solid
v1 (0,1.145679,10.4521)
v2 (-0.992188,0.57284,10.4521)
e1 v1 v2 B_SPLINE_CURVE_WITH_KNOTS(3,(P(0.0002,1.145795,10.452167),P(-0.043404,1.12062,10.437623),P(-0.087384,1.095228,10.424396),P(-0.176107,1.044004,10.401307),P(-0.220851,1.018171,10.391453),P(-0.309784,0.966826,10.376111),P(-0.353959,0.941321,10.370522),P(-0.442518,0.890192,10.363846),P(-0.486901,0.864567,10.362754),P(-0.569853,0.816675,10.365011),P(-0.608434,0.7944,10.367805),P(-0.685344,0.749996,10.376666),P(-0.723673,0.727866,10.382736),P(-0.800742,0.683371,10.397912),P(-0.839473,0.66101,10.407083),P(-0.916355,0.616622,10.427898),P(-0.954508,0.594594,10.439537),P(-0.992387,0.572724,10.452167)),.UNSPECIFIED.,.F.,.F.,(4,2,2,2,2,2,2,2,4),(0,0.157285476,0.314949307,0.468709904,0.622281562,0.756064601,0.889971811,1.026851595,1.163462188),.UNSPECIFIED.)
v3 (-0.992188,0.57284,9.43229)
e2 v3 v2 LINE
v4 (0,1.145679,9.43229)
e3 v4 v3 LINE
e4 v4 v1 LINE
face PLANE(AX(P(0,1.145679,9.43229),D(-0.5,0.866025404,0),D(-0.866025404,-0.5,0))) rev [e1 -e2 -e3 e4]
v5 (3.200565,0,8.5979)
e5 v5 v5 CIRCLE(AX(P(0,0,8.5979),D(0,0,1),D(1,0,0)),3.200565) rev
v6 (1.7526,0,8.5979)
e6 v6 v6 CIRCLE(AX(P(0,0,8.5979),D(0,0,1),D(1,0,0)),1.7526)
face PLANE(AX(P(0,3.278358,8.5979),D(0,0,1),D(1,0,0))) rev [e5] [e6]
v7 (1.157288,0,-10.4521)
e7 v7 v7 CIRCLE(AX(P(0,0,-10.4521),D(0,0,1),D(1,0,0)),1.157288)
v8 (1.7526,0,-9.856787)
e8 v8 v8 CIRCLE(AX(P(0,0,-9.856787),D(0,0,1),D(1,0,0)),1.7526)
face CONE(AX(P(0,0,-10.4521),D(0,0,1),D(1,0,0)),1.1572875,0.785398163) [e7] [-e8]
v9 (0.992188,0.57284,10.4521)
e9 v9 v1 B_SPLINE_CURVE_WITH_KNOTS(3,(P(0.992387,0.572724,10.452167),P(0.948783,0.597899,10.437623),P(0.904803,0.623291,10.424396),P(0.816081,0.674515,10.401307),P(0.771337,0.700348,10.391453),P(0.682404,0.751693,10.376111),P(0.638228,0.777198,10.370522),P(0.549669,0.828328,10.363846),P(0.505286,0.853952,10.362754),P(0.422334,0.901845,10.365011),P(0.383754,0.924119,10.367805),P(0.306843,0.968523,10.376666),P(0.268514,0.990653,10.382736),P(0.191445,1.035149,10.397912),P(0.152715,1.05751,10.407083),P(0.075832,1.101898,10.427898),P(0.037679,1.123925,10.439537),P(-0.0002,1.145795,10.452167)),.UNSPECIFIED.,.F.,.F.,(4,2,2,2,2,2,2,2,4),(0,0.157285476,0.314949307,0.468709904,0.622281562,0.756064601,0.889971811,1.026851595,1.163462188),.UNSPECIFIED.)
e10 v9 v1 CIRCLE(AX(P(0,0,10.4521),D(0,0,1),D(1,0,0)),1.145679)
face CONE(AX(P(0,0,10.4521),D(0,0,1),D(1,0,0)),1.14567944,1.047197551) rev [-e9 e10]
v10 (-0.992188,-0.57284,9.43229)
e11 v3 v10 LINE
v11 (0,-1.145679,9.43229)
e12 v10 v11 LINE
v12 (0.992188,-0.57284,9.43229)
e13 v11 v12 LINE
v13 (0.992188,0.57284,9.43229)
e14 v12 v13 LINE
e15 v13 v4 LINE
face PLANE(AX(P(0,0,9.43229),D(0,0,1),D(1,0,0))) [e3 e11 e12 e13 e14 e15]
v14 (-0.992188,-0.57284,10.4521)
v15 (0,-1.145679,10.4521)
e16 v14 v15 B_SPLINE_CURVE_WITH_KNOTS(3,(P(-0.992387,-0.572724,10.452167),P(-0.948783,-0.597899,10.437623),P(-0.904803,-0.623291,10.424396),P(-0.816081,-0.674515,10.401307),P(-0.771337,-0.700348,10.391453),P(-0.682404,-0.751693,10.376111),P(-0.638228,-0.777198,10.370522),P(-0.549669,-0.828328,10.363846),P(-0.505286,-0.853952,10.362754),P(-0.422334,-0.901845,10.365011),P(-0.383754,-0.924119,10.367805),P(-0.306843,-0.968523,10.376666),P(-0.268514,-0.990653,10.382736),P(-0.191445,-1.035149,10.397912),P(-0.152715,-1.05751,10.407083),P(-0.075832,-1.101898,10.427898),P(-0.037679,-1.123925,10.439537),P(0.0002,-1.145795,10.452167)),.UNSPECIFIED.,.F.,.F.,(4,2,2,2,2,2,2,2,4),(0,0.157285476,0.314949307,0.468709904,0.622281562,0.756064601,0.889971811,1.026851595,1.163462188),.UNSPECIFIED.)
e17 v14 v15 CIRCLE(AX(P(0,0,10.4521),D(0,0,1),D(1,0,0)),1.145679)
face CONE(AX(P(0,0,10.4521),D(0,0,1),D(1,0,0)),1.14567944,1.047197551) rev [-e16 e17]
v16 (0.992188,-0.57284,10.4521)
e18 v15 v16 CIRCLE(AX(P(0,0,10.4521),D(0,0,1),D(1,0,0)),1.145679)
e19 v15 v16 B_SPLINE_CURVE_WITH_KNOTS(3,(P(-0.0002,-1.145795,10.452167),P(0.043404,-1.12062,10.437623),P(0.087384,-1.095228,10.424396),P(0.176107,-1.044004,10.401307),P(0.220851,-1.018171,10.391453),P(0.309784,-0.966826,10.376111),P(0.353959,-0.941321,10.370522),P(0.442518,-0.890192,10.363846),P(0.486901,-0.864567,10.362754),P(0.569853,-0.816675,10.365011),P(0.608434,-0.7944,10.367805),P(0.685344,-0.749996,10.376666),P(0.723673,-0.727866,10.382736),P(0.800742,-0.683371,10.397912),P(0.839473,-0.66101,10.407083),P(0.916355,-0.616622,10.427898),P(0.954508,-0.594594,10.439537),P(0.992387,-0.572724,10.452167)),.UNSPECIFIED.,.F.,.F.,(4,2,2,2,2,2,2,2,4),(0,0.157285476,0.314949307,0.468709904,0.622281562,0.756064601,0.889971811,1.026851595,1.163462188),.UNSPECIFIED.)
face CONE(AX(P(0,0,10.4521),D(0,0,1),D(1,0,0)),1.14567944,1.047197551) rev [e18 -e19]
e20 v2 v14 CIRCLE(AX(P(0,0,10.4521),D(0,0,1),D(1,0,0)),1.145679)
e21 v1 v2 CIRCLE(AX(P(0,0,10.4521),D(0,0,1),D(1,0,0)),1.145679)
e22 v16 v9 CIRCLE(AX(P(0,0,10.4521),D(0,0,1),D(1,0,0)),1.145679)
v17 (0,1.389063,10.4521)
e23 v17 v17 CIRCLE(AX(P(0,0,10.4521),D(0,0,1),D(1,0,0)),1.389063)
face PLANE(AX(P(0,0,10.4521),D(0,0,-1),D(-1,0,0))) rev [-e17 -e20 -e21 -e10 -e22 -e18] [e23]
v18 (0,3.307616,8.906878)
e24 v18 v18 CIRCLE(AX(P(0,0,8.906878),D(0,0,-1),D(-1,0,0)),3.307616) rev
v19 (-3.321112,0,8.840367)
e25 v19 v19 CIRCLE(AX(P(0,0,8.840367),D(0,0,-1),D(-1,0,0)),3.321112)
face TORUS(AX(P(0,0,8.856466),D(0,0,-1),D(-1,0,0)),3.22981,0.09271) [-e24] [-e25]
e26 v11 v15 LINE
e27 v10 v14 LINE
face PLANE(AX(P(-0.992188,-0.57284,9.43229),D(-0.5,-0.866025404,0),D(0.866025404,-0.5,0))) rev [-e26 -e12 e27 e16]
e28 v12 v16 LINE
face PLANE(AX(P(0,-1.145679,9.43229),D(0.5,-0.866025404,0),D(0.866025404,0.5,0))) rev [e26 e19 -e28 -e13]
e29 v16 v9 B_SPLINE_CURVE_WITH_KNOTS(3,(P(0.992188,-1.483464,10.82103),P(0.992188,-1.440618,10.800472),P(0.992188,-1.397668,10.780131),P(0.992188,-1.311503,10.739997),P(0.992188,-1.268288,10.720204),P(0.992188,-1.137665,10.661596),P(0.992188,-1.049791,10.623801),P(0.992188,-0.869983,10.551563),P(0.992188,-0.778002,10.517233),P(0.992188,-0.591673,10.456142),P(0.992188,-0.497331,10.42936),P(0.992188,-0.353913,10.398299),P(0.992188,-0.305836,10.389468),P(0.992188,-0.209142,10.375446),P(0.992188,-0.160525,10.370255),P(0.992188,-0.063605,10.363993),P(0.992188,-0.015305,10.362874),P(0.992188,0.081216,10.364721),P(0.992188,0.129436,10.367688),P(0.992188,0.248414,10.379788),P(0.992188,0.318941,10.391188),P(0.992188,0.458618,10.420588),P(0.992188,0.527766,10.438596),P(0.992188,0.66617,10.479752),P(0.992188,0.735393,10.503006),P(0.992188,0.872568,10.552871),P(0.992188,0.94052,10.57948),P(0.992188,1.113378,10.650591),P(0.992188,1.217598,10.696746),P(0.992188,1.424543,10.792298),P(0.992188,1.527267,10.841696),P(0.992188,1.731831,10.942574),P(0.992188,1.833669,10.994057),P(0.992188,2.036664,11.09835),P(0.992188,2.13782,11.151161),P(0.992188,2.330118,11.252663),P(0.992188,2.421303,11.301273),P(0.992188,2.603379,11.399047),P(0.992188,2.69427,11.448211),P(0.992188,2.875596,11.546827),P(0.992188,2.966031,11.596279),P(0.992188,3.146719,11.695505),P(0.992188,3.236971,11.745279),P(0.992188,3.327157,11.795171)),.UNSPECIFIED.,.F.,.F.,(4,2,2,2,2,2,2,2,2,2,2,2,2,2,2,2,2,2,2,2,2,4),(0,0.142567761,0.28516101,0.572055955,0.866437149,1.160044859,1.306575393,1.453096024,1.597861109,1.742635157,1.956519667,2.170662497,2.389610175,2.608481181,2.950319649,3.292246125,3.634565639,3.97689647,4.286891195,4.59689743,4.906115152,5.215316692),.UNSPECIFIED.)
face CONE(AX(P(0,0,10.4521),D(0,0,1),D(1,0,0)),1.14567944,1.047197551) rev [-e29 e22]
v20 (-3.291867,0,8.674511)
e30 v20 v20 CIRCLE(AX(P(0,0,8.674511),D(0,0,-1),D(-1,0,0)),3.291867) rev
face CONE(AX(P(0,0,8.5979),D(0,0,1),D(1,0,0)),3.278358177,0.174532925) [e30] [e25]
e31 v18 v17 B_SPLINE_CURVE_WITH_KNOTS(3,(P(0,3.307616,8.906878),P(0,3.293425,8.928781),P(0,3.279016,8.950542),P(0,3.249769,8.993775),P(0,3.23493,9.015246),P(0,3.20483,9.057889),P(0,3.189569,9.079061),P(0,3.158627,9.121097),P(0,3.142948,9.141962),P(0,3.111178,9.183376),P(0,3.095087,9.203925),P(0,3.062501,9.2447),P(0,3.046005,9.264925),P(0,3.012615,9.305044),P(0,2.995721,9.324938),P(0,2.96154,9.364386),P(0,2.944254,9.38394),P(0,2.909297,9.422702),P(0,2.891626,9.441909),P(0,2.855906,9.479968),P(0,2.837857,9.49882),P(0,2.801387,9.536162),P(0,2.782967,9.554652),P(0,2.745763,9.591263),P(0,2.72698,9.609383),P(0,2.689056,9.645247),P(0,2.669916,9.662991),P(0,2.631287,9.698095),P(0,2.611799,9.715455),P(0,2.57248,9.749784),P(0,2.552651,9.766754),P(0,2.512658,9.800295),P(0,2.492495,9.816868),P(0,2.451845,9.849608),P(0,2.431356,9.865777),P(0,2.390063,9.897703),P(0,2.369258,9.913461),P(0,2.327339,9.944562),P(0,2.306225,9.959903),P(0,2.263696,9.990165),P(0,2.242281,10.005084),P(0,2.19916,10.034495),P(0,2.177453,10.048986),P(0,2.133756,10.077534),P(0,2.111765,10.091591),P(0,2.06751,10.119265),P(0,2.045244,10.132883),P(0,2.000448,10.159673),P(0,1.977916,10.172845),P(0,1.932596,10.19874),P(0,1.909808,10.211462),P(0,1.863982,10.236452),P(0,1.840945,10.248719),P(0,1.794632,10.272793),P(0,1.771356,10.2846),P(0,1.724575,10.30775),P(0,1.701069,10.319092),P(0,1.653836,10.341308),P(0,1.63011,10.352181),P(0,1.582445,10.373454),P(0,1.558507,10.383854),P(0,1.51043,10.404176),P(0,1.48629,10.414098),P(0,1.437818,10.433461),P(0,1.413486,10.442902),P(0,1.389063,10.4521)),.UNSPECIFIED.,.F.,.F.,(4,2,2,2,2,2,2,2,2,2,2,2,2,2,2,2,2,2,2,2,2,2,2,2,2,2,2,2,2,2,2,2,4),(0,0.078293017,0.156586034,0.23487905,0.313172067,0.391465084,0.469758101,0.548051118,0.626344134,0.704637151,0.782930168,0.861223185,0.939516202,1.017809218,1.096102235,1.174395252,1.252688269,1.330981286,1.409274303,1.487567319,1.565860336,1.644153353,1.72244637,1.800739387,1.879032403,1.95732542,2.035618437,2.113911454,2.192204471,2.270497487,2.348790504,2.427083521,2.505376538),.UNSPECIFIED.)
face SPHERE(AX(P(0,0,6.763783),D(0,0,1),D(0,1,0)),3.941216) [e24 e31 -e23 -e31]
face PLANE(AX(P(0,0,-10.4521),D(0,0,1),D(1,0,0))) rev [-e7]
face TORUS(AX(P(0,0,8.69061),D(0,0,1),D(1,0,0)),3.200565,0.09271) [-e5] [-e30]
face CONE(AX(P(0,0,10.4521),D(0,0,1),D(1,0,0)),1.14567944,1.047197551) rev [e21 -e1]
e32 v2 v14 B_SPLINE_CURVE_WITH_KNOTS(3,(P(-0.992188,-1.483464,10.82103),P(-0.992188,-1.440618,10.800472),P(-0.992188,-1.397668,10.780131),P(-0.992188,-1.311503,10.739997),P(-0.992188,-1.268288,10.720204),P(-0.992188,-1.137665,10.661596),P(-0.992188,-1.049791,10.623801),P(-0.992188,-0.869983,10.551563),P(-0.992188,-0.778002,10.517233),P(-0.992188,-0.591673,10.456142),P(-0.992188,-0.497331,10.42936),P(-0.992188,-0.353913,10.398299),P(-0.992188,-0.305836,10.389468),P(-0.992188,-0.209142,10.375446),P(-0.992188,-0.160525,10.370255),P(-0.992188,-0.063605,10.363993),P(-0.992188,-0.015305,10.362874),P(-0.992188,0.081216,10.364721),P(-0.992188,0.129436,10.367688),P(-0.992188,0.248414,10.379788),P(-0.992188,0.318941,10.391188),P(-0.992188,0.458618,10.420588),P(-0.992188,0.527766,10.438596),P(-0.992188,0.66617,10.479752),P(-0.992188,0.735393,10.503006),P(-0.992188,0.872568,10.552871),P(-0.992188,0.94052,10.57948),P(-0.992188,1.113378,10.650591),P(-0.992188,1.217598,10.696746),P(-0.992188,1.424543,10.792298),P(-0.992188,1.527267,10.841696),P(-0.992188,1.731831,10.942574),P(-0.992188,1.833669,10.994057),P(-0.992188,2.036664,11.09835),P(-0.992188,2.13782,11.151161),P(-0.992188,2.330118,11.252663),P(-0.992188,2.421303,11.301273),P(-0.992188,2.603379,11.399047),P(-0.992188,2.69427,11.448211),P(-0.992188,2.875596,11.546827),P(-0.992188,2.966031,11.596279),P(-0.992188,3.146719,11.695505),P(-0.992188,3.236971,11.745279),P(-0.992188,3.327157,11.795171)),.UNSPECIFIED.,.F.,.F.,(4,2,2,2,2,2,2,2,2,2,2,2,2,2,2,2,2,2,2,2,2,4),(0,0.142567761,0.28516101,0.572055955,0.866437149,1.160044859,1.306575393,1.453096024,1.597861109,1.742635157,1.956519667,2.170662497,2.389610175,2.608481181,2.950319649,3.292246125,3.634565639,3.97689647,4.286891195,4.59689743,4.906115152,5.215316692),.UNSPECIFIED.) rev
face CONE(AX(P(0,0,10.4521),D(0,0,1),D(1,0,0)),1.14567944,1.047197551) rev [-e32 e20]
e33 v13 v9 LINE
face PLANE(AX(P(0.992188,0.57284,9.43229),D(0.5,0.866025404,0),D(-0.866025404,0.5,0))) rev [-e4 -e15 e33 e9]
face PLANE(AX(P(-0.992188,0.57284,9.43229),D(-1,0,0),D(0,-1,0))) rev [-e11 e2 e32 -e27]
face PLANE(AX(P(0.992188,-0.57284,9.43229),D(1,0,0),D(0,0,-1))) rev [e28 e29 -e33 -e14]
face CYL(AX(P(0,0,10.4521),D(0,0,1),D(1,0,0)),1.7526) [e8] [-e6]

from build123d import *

# Parameters (mm, degrees)
CUT_EXTRUDE1_DEPTH = 1.01981
FILLET1_R          = 0.09271


with BuildPart() as part:
    # Sketch3 → Revolve1 (revolve)
    with BuildSketch(Plane(origin=(0, 0, 0), x_dir=(0, 0, -1), z_dir=(1, 0, 0)), mode=Mode.PRIVATE) as revolve1_sk:
        with BuildLine():
            Line((-10.4521, 0), (-10.4521, 1.3890625))
            ThreePointArc((-10.4521, 1.3890625), (-9.821710995, 2.486413841), (-8.87603, 3.3274))
            Line((-8.87603, 3.3274), (-8.5979, 3.278358177))
            Line((-8.5979, 3.278358177), (-8.5979, 1.7526))
            Line((-8.5979, 1.7526), (9.8567875, 1.7526))
            Line((9.8567875, 1.7526), (10.4521, 1.1572875))
            Line((10.4521, 1.1572875), (10.4521, 0))
            Line((10.4521, 0), (-10.4521, 0))
        make_face()
    revolve(revolve1_sk.sketch.rotate(Axis((0, 0, 10.4521), (0, 0, -1)), 90), axis=Axis((0, 0, 10.4521), (0, 0, -1)))

    # Sketch4 → Cut-Extrude1 (cut)
    with BuildSketch(Plane.XY.offset(10.4521)):
        Polygon((-0.9921875, -0.57283972), (0, -1.14567944), (0.9921875, -0.57283972), (0.9921875, 0.57283972), (0, 1.14567944), (-0.9921875, 0.57283972), align=None)
    extrude(amount=-CUT_EXTRUDE1_DEPTH, mode=Mode.SUBTRACT)

    # Cut-Extrude2 cone 1 section (through the dimple's axis) → Cut-Extrude2 (revolve, cut)
    with BuildSketch(Plane(origin=(0, 0, 10.4521), x_dir=(0, -1, 0), z_dir=(1, 0, 0))):
        Polygon((0, 0), (1.14567944, 0), (0, 0.661458333), align=None)
    revolve(axis=Axis((0, 0, 10.4521), (0, 0, -1)), mode=Mode.SUBTRACT)

    # Fillet1
    fillet1_edges = [part.edges().sort_by_distance(p)[0] for p in [
        (-3.278358177, 0, 8.5979),
        (-3.3274, 0, 8.87603),
    ]]
    fillet(fillet1_edges, radius=FILLET1_R)


solid = part.part
